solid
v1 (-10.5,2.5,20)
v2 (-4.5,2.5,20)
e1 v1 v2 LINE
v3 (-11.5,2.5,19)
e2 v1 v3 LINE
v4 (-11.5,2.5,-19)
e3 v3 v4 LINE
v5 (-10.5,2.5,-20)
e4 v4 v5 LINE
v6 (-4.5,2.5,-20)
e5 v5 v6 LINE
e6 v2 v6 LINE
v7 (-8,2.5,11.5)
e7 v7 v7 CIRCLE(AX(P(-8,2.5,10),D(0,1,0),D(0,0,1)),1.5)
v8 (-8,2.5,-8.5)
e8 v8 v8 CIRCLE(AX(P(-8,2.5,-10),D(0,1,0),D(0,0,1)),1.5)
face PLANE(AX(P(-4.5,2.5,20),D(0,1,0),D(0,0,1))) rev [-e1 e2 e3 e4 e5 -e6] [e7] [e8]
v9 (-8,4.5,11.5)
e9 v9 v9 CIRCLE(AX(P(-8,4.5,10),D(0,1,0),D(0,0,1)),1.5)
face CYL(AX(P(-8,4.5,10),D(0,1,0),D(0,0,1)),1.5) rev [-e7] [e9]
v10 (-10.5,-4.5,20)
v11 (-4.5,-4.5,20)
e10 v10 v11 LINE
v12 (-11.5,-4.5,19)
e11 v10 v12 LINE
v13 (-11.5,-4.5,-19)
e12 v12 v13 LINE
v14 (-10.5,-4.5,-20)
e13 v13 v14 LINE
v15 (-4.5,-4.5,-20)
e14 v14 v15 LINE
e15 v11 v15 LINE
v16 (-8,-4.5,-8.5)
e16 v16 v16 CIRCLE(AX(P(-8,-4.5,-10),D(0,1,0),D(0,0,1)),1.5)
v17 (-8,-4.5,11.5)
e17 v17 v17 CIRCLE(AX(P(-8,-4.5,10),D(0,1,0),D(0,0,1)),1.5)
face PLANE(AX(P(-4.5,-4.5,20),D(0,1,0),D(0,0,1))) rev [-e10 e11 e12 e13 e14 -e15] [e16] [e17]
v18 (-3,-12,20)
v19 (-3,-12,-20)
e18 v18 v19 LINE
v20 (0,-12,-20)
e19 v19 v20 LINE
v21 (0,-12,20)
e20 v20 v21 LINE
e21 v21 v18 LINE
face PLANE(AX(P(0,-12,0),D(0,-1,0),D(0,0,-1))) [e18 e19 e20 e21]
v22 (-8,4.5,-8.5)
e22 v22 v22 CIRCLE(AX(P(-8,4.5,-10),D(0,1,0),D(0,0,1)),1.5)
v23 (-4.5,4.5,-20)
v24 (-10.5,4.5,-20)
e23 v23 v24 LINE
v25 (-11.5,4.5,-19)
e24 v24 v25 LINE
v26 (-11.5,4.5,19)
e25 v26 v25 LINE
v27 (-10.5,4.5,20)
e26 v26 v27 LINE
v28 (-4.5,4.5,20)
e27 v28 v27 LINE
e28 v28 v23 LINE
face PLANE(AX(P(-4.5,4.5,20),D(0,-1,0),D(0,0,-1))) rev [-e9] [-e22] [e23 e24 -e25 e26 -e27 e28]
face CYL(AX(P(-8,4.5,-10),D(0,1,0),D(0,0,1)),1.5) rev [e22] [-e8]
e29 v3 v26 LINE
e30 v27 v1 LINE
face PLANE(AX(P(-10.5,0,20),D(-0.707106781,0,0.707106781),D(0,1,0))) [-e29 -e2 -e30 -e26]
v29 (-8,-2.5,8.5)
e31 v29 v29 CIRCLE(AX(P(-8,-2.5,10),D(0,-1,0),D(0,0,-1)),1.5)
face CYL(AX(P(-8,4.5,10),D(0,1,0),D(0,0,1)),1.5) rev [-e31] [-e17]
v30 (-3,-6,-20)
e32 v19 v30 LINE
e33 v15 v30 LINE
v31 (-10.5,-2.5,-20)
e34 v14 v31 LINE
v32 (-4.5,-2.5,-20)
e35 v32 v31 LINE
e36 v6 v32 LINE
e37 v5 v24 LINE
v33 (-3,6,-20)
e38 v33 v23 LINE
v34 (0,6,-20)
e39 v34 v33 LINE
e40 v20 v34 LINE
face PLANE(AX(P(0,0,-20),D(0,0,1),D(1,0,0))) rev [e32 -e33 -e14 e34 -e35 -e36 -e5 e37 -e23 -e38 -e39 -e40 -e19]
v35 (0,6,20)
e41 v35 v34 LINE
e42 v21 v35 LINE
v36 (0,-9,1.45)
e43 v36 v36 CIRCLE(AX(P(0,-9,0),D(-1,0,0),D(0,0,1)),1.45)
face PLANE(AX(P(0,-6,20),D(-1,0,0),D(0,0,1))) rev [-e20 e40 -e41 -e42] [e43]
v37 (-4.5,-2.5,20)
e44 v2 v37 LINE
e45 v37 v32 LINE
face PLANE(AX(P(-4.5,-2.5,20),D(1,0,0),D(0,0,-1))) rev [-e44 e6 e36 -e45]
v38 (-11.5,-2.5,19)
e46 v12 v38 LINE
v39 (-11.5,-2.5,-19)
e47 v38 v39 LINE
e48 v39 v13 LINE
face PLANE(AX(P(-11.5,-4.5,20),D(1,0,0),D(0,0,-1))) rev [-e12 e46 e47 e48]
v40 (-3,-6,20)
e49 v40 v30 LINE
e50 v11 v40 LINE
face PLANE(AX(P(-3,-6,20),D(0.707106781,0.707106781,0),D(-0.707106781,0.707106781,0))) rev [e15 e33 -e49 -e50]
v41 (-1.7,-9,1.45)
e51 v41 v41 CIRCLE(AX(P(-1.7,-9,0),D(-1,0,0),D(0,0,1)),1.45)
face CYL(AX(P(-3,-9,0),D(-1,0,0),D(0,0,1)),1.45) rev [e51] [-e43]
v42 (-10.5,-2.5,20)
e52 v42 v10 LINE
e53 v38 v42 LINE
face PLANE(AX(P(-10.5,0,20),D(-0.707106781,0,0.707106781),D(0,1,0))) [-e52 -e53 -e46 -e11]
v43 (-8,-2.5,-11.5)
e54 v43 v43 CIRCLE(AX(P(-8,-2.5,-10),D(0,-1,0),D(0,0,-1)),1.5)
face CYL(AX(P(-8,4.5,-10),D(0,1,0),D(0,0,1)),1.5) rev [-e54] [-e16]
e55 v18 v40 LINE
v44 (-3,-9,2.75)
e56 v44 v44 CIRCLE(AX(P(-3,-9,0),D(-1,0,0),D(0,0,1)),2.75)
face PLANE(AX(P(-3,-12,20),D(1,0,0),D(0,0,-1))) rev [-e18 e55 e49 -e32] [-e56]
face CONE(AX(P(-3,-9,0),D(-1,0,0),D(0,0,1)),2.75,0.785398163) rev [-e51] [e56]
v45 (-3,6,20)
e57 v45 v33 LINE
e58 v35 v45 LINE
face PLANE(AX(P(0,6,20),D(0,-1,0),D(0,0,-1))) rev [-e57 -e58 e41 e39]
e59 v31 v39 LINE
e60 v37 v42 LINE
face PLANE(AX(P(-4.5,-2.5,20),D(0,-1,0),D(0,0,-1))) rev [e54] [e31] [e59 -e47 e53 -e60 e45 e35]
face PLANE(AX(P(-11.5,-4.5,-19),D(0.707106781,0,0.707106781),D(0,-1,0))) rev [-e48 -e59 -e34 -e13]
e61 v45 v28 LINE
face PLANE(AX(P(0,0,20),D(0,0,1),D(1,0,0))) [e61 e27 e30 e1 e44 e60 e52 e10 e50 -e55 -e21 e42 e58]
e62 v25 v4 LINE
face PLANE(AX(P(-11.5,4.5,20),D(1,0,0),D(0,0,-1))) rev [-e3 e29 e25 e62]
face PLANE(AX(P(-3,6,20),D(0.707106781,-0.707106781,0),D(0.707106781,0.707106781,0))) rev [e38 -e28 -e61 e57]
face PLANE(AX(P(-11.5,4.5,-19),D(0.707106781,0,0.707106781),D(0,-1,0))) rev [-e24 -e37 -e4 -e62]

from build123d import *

# Parameters (mm, degrees)
SALIENTE_EXTRUIR1_DEPTH                              = 20
TALADRO_DE_MARGEN_PARA_M31_D                         = 3
CHAFL_N2_SIZE                                        = 1
CROQUIS4_W                                           = 3
CROQUIS4_H                                           = 40
SALIENTE_EXTRUIR2_DEPTH                              = 6
AVELLANADO_PARA_TORNILLO_CON_CABEZA_OVAL_D           = 2.9
AVELLANADO_PARA_TORNILLO_CON_CABEZA_OVAL_CSINK_D     = 5.5
AVELLANADO_PARA_TORNILLO_CON_CABEZA_OVAL_CSINK_ANGLE = 90


with BuildPart() as part:
    # Croquis1 → Saliente-Extruir1 (new, symmetric)
    with BuildSketch(Plane(origin=(0, 0, 0), x_dir=(0, 1, 0), z_dir=(0, 0, 1))):
        Polygon((-6, 0), (6, 0), (6, 3), (4.5, 4.5), (4.5, 11.5), (2.5, 11.5), (2.5, 4.5), (-2.5, 4.5), (-2.5, 11.5), (-4.5, 11.5), (-4.5, 4.5), (-6, 3), align=None)
    extrude(amount=SALIENTE_EXTRUIR1_DEPTH, both=True)

    # Taladro de margen para M31 (through all)
    with Locations(Plane(origin=(0, 4.5, 0), x_dir=(-1, 0, 0), z_dir=(0, 1, 0))):
        with Locations((8, -10), (8, 10)):
            Hole(TALADRO_DE_MARGEN_PARA_M31_D / 2)

    # Chaflán2
    chafl_n2_edges = [part.edges().sort_by_distance(p)[0] for p in [
        (-11.5, -3.5, -20),
        (-11.5, 3.5, -20),
        (-11.5, 3.5, 20),
        (-11.5, -3.5, 20),
    ]]
    chamfer(chafl_n2_edges, length=CHAFL_N2_SIZE)

    # Croquis4 → Saliente-Extruir2 (add)
    with BuildSketch(Plane.XZ.offset(6)):
        with Locations((-1.5, 0)):
            Rectangle(CROQUIS4_W, CROQUIS4_H)
    extrude(amount=SALIENTE_EXTRUIR2_DEPTH)

    # Avellanado para tornillo con cabeza ovalada de M2.51 (through all)
    with Locations(Plane(origin=(-3, 0, 0), x_dir=(0, -1, 0), z_dir=(-1, 0, 0))):
        with Locations((9, 0)):
            CounterSinkHole(AVELLANADO_PARA_TORNILLO_CON_CABEZA_OVAL_D / 2, AVELLANADO_PARA_TORNILLO_CON_CABEZA_OVAL_CSINK_D / 2, counter_sink_angle=AVELLANADO_PARA_TORNILLO_CON_CABEZA_OVAL_CSINK_ANGLE)


solid = part.part
